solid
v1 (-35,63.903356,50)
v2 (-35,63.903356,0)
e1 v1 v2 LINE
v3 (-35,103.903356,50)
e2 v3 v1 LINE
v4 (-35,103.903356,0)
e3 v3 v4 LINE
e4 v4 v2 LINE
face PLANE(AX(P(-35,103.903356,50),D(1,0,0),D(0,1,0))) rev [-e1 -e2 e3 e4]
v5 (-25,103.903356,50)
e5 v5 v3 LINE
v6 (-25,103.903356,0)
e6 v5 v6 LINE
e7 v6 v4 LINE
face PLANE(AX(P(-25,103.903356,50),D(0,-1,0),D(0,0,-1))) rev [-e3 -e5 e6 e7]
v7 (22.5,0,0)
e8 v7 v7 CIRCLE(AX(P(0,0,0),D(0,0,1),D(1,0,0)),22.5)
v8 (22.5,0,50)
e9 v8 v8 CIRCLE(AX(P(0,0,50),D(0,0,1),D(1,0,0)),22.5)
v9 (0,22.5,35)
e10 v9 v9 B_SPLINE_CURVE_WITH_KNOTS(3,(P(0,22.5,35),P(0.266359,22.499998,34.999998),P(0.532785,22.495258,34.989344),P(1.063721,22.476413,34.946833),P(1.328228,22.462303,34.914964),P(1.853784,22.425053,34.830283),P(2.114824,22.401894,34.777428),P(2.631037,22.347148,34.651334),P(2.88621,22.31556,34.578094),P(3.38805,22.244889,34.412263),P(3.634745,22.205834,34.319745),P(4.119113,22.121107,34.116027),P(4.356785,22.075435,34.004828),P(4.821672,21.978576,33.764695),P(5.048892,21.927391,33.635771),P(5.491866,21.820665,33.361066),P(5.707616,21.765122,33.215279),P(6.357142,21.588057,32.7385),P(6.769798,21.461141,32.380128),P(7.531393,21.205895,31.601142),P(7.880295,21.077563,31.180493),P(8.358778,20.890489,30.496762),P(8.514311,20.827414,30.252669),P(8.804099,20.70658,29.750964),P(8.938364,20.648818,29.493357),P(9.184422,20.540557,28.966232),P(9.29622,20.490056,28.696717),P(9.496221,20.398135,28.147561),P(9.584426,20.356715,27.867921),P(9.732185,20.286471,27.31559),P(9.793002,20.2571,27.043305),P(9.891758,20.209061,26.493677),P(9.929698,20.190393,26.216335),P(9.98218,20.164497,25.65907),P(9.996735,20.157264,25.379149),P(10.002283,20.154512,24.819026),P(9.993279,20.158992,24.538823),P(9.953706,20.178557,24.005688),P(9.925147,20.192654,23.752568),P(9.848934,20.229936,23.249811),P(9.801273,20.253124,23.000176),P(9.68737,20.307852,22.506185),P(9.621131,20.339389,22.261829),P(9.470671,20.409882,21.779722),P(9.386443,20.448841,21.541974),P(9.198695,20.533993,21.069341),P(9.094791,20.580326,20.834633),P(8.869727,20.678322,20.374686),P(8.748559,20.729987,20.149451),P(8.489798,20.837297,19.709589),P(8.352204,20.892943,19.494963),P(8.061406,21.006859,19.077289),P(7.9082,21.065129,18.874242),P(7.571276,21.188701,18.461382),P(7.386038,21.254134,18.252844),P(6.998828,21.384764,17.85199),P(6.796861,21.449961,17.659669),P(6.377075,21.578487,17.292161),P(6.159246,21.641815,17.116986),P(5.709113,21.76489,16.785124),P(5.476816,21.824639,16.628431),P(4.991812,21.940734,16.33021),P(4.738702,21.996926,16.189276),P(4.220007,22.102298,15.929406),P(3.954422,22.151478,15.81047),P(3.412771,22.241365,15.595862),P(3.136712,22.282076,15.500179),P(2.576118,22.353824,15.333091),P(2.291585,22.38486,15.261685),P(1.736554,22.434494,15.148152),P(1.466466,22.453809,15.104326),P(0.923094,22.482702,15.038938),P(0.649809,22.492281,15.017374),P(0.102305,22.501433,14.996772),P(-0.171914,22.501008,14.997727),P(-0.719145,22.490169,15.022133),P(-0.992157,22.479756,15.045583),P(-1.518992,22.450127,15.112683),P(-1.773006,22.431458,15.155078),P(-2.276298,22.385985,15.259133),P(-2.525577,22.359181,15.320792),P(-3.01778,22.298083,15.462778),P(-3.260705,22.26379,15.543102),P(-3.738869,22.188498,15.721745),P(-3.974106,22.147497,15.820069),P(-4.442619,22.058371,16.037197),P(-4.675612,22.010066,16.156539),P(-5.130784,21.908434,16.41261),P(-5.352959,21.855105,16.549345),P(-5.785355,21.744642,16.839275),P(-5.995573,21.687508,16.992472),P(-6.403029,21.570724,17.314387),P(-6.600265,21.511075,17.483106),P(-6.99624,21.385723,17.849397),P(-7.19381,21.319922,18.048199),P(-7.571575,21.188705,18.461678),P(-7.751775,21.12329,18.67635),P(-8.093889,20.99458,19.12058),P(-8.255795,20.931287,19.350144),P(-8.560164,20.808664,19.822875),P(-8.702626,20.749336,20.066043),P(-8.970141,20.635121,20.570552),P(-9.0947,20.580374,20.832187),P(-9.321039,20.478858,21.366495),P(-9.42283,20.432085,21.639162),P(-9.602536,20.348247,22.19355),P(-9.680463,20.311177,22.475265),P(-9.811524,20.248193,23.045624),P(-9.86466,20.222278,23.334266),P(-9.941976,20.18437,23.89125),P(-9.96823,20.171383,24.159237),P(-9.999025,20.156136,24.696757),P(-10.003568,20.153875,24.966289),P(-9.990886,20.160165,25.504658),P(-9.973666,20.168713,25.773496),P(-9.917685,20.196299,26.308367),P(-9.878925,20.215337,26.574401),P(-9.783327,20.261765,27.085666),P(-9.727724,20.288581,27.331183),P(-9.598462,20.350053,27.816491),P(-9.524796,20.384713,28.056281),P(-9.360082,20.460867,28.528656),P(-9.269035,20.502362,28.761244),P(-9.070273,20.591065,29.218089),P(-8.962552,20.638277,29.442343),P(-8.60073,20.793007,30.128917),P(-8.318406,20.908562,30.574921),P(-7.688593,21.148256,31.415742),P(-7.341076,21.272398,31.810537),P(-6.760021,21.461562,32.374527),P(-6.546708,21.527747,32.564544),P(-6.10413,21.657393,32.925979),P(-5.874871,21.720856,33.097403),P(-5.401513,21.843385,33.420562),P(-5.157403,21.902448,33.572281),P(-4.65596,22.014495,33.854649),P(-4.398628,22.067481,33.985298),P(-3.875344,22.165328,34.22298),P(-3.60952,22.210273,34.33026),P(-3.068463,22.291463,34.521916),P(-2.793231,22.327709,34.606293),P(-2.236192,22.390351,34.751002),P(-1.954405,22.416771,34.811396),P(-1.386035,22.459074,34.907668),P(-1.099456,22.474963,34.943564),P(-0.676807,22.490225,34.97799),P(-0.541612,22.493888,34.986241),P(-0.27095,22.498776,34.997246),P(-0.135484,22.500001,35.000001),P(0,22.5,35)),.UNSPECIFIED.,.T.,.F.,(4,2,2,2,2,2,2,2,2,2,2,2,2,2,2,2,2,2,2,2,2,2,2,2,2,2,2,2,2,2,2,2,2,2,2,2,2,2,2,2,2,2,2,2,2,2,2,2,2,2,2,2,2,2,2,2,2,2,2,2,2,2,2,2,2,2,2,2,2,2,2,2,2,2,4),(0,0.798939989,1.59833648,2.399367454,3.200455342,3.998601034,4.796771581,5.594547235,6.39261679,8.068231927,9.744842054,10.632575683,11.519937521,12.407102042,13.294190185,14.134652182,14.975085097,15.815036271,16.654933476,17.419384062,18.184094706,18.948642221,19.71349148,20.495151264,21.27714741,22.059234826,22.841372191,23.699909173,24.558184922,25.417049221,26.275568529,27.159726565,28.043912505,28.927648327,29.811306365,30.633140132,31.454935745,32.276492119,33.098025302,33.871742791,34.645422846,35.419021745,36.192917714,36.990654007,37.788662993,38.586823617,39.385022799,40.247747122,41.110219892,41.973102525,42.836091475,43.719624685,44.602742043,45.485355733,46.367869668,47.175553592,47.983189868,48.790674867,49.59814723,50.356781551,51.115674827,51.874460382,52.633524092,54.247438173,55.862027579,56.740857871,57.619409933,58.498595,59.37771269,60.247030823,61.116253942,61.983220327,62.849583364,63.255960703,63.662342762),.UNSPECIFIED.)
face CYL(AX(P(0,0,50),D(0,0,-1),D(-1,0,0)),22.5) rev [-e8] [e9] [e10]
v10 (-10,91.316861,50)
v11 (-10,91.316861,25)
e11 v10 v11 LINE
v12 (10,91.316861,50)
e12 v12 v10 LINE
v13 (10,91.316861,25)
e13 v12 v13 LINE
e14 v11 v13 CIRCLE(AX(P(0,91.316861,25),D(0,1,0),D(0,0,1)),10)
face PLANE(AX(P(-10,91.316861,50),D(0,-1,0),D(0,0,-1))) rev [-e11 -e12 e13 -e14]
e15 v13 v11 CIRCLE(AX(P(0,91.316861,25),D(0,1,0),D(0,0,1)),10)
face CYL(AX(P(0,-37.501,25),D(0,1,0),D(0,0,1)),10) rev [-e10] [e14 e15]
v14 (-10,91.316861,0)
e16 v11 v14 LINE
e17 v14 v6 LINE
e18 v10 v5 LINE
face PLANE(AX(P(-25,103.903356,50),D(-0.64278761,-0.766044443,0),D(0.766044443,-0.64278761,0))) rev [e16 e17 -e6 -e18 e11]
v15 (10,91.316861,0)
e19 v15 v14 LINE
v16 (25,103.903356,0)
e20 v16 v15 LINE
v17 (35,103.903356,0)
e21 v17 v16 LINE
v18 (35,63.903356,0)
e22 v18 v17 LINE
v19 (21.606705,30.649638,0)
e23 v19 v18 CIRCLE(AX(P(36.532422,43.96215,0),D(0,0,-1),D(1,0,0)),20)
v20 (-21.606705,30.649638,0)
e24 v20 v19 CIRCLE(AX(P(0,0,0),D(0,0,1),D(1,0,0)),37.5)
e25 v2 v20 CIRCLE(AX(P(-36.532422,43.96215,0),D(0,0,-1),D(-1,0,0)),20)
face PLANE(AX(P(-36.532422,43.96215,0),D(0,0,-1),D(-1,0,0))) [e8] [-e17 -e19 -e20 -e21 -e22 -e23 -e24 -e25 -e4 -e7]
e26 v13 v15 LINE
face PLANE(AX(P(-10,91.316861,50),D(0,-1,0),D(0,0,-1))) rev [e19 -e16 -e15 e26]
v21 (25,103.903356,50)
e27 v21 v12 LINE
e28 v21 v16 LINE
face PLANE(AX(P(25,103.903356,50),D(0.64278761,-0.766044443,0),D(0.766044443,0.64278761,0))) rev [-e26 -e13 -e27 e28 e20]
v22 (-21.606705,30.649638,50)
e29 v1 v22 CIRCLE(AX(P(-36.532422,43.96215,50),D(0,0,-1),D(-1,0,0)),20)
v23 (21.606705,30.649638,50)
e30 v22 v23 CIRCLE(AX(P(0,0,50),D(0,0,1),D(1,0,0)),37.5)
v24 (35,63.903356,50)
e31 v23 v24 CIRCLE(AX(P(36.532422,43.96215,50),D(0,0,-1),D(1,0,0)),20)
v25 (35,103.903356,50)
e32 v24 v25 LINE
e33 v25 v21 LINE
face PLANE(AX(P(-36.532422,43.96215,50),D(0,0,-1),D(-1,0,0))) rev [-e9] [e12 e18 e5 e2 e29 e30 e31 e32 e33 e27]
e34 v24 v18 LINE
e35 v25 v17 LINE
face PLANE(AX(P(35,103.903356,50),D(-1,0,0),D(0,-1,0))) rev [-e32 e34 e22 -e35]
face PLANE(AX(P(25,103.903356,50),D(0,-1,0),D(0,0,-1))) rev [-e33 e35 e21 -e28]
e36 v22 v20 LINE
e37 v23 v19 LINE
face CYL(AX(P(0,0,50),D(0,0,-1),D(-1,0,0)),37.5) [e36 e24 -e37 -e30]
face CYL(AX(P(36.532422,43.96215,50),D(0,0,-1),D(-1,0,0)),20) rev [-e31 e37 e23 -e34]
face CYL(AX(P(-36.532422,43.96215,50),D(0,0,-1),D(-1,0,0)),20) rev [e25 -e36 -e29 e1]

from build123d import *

# Parameters (mm, degrees)
SKETCH1_R               = 22.5
BOSS_EXTRUDE1_DEPTH     = 50
CUT_EXTRUDE1_REACH      = 145.178
CUT_EXTRUDE1_END_RADIUS = 22.5
SKETCH3_R               = 10


with BuildPart() as part:
    # Sketch1 → Boss-Extrude1 (new body)
    with BuildSketch(Plane.XY):
        with BuildLine():
            Line((-25, 103.903355596), (-10, 91.316861128))
            Line((-10, 91.316861128), (10, 91.316861128))
            Line((10, 91.316861128), (25, 103.903355596))
            Line((25, 103.903355596), (35, 103.903355596))
            Line((35, 103.903355596), (35, 63.903355596))
            ThreePointArc((35, 63.903355596), (17.980602011, 51.434096177), (21.606705181, 30.649637701))
            ThreePointArc((21.606705181, 30.649637701), (0, -37.5), (-21.606705181, 30.649637701))
            ThreePointArc((-21.606705181, 30.649637701), (-17.980602011, 51.434096177), (-35, 63.903355596))
            Line((-35, 63.903355596), (-35, 103.903355596))
            Line((-35, 103.903355596), (-25, 103.903355596))
        make_face()
        Circle(SKETCH1_R, mode=Mode.SUBTRACT)
    extrude(amount=BOSS_EXTRUDE1_DEPTH)

    # Cut-Extrude1: up to this cylinder (the profile starts outside it)
    cut_extrude1_end = Plane(origin=(0, 0, 25), z_dir=(0, 0, -1)) * Cylinder(CUT_EXTRUDE1_END_RADIUS, 336.356, mode=Mode.PRIVATE)
    # Sketch3 → Cut-Extrude1 (cut, up to the surface)
    with BuildSketch(Plane(origin=(0, 91.316861128, 0), x_dir=(1, 0, 0), z_dir=(0, 1, 0)), mode=Mode.PRIVATE) as cut_extrude1_sk1:
        with Locations(Location((0, -25, 0), (0, 0, 270))):
            Circle(SKETCH3_R)
    cut_extrude1_tool1 = extrude(cut_extrude1_sk1.sketch, amount=-CUT_EXTRUDE1_REACH, mode=Mode.PRIVATE) - cut_extrude1_end
    add(cut_extrude1_tool1.solids().sort_by_distance((0, 91.316861, 25))[0], mode=Mode.SUBTRACT)


solid = part.part
